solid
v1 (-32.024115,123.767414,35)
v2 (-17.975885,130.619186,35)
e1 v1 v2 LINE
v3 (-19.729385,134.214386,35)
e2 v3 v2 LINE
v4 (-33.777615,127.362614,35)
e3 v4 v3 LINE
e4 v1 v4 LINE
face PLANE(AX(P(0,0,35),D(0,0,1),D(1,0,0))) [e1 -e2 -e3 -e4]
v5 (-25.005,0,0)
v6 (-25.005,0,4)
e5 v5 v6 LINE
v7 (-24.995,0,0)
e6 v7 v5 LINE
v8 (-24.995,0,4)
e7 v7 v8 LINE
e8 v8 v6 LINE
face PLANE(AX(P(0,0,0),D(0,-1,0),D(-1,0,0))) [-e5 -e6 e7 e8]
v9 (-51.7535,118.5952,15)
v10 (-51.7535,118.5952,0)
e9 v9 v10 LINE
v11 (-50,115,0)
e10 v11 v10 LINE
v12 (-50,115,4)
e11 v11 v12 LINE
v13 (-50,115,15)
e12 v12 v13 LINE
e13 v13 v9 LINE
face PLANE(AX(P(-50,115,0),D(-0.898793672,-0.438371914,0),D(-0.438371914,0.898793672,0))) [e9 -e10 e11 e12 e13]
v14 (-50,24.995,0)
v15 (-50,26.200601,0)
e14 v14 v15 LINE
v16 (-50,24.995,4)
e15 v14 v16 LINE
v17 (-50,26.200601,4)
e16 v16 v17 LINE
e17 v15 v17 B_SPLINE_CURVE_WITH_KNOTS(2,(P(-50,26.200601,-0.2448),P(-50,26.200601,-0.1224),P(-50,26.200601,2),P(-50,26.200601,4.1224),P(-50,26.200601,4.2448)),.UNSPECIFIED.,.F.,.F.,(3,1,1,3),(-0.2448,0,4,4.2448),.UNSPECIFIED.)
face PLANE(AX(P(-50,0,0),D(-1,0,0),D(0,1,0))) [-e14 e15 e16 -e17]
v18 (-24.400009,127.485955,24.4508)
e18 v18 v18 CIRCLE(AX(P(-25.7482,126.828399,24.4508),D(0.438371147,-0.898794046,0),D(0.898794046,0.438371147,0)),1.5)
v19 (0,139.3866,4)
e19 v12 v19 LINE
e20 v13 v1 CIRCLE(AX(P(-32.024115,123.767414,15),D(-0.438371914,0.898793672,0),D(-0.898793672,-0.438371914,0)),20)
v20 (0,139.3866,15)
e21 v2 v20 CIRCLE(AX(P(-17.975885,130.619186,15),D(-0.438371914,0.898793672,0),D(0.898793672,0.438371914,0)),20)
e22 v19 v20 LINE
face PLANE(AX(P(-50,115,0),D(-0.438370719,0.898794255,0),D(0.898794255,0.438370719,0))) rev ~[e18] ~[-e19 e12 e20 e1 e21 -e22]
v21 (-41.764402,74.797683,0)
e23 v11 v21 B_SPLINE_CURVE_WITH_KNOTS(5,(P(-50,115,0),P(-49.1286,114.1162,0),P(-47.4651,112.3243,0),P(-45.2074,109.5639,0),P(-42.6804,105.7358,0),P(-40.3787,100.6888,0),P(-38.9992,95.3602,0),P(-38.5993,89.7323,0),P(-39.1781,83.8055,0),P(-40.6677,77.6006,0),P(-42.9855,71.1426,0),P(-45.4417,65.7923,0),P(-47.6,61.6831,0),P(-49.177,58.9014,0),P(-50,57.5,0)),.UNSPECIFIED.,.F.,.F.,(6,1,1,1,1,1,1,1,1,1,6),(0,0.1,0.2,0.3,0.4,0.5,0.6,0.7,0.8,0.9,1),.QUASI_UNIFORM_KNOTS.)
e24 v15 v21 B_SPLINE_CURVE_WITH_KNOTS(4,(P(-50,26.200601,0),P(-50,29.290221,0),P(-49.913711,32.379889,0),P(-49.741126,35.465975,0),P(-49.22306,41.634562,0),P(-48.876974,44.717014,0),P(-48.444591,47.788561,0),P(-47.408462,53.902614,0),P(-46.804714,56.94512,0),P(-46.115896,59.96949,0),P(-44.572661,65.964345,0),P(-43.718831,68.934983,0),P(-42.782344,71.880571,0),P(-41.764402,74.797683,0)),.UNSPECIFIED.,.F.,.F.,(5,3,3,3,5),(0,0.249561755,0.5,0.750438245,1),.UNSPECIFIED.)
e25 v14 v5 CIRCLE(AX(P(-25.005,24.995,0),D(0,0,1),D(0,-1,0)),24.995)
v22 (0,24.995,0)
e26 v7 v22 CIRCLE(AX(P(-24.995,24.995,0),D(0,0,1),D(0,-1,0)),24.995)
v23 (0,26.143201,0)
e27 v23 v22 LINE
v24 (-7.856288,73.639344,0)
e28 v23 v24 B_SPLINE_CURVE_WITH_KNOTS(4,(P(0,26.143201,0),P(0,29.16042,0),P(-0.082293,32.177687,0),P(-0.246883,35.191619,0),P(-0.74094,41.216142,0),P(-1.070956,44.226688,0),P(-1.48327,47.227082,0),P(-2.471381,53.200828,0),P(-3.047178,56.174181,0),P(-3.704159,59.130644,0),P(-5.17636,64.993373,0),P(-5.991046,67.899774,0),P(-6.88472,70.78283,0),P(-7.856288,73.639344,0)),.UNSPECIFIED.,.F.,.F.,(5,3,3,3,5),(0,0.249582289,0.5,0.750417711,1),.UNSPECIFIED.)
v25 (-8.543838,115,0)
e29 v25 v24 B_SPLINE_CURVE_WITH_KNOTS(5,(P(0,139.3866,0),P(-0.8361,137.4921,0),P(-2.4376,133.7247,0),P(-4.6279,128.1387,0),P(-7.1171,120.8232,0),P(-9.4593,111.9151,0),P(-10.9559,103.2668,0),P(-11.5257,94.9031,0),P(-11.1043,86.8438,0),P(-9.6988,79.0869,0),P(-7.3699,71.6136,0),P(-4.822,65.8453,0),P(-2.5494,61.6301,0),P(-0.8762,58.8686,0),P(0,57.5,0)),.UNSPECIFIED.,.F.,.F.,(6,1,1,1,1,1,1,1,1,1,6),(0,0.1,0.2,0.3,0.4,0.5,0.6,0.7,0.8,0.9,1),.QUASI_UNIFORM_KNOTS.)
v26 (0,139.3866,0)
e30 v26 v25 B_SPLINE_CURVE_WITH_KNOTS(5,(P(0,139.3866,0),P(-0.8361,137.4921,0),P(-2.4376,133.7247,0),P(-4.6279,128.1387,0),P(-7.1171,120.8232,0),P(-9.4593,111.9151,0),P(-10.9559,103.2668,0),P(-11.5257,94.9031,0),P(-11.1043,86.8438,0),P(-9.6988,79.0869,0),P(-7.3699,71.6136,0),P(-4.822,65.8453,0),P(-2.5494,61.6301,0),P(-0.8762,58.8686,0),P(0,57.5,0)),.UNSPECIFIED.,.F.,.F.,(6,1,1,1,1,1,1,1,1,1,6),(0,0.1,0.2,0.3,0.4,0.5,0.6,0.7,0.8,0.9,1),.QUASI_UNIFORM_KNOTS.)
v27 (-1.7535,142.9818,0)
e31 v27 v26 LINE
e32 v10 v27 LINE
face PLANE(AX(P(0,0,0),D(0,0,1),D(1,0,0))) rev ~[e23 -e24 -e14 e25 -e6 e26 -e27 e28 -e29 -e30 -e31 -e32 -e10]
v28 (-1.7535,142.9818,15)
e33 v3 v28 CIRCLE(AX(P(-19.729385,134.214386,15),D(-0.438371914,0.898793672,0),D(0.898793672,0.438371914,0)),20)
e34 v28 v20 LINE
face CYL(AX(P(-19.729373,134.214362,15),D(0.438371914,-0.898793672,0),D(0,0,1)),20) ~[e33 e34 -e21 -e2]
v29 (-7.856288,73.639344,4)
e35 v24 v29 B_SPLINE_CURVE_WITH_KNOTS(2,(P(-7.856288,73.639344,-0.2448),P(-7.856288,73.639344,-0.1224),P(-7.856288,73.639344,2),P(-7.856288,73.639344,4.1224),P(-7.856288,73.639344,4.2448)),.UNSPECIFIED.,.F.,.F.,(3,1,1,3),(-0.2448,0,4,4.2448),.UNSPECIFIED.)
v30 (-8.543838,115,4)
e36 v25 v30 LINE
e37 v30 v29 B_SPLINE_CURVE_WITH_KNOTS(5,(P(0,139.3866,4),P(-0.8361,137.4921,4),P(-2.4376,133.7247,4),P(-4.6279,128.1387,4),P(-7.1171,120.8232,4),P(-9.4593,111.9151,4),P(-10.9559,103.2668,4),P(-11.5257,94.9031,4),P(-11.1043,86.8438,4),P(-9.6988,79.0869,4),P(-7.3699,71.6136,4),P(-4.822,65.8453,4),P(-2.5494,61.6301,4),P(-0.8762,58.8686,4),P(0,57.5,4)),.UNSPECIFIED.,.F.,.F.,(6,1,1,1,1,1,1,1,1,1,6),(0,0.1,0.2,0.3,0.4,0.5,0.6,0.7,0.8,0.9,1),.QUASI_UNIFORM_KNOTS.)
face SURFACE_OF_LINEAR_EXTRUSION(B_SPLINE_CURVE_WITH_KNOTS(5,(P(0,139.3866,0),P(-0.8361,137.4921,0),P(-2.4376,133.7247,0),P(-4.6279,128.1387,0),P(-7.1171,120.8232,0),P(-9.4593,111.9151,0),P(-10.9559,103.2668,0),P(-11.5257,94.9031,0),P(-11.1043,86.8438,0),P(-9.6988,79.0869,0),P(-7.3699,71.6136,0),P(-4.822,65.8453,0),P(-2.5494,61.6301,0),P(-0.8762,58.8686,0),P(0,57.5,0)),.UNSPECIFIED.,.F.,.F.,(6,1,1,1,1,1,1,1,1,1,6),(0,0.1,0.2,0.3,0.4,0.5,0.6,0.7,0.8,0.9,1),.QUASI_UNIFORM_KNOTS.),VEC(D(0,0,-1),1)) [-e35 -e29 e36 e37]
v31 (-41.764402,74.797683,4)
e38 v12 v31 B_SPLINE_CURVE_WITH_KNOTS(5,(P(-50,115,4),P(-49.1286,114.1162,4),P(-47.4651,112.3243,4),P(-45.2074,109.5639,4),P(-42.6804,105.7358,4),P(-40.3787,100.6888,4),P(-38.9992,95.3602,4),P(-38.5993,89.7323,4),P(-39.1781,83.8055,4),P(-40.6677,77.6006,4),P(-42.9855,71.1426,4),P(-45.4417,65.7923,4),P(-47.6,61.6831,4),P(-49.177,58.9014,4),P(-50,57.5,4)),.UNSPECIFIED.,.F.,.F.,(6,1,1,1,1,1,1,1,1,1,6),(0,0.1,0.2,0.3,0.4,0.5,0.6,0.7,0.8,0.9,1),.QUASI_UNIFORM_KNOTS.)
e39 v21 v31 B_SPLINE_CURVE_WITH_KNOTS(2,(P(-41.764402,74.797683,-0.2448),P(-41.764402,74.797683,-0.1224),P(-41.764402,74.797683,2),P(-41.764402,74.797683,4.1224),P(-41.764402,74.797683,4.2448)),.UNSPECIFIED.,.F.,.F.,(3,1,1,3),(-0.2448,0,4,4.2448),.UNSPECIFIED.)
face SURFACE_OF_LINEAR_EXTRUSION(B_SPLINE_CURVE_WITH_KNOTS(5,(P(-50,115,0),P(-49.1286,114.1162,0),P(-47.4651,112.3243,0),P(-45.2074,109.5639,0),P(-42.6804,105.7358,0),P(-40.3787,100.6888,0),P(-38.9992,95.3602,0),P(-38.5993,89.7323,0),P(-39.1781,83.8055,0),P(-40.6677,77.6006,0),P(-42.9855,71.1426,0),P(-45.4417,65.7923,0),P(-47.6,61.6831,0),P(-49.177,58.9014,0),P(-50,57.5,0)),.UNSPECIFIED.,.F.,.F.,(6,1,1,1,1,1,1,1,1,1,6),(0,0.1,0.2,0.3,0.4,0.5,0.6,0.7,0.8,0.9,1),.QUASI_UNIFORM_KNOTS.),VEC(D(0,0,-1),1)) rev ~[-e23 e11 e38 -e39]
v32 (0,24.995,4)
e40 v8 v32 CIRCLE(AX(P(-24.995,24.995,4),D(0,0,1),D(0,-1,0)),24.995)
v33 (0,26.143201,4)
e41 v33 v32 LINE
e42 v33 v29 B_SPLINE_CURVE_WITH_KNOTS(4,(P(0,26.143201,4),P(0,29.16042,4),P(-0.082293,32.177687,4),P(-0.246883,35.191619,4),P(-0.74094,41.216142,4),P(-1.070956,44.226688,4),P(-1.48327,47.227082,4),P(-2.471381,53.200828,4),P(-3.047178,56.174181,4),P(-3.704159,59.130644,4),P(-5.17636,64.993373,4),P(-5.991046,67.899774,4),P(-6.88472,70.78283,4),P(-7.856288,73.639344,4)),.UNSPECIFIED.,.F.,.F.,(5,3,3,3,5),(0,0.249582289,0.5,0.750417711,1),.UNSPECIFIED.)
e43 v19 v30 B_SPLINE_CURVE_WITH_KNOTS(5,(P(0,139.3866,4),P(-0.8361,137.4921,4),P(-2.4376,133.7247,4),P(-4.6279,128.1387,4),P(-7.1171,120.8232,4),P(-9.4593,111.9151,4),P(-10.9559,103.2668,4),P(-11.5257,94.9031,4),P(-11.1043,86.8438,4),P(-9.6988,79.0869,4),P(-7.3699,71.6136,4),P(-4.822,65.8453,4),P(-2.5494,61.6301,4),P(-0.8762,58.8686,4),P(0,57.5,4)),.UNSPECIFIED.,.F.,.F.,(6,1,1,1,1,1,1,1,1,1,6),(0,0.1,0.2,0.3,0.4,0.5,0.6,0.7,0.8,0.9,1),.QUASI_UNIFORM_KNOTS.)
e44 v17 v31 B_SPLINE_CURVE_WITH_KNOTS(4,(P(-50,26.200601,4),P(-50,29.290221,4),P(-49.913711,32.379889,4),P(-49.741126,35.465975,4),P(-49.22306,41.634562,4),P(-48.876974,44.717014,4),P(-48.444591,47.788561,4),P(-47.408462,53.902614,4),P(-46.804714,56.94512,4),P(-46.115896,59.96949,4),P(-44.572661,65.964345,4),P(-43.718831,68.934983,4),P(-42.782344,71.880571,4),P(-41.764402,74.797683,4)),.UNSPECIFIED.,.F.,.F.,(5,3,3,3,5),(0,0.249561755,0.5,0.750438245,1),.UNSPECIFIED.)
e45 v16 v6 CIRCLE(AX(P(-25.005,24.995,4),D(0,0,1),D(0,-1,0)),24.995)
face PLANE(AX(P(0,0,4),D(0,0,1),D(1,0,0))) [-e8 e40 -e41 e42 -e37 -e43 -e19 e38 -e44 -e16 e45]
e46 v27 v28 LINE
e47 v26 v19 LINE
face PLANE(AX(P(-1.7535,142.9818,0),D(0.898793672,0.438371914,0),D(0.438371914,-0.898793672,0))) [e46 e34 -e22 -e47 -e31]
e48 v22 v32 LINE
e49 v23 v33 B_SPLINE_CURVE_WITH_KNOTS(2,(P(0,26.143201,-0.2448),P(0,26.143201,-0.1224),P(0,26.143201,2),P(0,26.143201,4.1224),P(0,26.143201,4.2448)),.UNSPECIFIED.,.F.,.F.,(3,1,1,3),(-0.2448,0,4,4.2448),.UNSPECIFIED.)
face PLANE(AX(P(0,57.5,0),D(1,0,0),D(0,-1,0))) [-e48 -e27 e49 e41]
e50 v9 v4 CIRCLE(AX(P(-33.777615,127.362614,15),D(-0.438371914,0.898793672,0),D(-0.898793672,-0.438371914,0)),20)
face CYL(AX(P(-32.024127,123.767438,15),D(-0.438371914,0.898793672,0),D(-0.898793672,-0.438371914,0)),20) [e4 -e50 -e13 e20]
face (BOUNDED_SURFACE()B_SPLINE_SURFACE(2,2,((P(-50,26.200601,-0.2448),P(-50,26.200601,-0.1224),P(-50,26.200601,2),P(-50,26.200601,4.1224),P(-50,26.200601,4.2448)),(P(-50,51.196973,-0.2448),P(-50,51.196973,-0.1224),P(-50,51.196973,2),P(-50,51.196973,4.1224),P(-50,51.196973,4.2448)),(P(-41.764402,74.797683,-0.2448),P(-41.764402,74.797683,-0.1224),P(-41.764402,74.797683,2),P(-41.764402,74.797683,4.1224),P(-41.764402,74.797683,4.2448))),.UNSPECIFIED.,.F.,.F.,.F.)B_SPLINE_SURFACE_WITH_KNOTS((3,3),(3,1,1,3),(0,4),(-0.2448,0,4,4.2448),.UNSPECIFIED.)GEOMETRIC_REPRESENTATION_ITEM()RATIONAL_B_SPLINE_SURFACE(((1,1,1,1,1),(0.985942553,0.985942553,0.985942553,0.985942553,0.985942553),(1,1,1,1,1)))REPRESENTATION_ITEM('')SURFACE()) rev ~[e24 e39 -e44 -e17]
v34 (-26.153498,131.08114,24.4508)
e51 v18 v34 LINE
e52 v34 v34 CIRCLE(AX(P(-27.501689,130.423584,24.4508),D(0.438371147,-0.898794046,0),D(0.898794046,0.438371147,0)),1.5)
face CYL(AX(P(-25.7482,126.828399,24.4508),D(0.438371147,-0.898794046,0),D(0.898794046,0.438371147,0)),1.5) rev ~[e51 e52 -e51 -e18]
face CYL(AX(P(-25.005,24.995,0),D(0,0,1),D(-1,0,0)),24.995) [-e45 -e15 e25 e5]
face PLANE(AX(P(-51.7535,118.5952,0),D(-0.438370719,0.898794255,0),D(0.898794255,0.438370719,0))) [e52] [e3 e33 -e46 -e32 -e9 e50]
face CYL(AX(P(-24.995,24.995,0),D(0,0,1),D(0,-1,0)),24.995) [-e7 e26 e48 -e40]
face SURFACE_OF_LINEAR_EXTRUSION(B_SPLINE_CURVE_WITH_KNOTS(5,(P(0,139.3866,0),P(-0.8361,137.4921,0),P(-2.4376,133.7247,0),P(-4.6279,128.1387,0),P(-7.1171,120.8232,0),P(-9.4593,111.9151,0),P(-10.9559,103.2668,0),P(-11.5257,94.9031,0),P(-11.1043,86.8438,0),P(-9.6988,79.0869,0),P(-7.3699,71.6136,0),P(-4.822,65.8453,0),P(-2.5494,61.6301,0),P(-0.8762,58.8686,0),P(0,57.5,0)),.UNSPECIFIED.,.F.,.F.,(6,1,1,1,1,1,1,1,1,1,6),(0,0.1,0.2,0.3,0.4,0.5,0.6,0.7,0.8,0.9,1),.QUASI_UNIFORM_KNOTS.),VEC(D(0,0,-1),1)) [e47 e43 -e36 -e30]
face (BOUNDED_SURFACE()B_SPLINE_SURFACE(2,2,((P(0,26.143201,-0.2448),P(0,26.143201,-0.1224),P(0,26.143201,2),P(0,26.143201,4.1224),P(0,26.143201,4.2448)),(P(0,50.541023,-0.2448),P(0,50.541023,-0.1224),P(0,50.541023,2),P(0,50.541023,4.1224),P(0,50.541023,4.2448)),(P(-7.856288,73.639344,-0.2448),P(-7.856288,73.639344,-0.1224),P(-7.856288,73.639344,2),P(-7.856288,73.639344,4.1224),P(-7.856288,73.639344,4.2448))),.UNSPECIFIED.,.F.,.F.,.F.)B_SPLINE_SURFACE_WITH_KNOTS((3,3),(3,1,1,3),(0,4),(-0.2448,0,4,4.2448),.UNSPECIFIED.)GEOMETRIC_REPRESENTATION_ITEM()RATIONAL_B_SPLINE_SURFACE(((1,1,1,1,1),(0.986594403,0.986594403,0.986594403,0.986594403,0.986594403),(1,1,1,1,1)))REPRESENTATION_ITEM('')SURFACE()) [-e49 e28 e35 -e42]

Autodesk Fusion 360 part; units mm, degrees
sketch "Sketch1" plane through (0, 0, 0) normal (0, 0, 1) x (1, 0, 0)
  line L0 (0, 0) -> (-50, 0)
  line L1 (-50, 0) -> (-50, 115)
  line L2 (-50, 115) -> (0, 115)
  line L3 (0, 115) -> (0, 0)
  line L4 (-50, 115) -> (0, 139.3866)
  line L5 (0, 139.3866) -> (0, 115)
  line L6 (-50, 115) -> (-51.7535, 118.5952)
  line L7 (-51.7535, 118.5952) -> (-1.7535, 142.9818)
  line L8 (-1.7535, 142.9818) -> (0, 139.3866)
  spline S0 degree 5 poles (-50, 115) (-49.1286, 114.1162) (-47.4651, 112.3243) (-45.2074, 109.5639) (-42.6804, 105.7358) (-40.3787, 100.6888) (-38.9992, 95.3602) (-38.5993, 89.7323) (-39.1781, 83.8055) (-40.6677, 77.6006) (-42.9855, 71.1426) (-45.4417, 65.7923) (-47.6, 61.6831) (-49.177, 58.9014) (-50, 57.5) knots 0 0 0 0 0 0 0.1 0.2 0.3 0.4 0.5 0.6 0.7 0.8 0.9 1 1 1 1 1 1
  spline S1 degree 5 poles (0, 139.3866) (-0.8361, 137.4921) (-2.4376, 133.7247) (-4.6279, 128.1387) (-7.1171, 120.8232) (-9.4593, 111.9151) (-10.9559, 103.2668) (-11.5257, 94.9031) (-11.1043, 86.8438) (-9.6988, 79.0869) (-7.3699, 71.6136) (-4.822, 65.8453) (-2.5494, 61.6301) (-0.8762, 58.8686) (0, 57.5) knots 0 0 0 0 0 0 0.1 0.2 0.3 0.4 0.5 0.6 0.7 0.8 0.9 1 1 1 1 1 1
  point P0 (-38.8957, 92.1099)
  point P1 (-11.243, 92.1099)
  dimension "d1" = 50
  dimension "d2" = 115
  dimension "d3" = 26
  dimension "d4" = 4
extrude "Extrude1" add sketch "Sketch1" along normal blind 4 contours L0 L1 L2 L3 S0 S1 | L2 L4 S1 | L4 L6 L7 L8
extrude "Extrude2" add sketch "Sketch1" along normal blind 35 contours L4 L6 L7 L8
fillet "Fillet1" radius 20 2 edges at (-50.8767, 116.7976, 35) (-0.8767, 141.1842, 35)
fillet "Fillet2" radius 25 2 edges at (-50, 0, 2) (0, 0, 2)
fillet "Fillet3" radius 147.5 2 edges at (0, 57.5, 2) (-50, 57.5, 2)
sketch "Sketch2" plane through (-54.9191, 112.6008, 0) normal (0.4384, -0.8988, 0) x (0.8988, 0.4384, 0)
  arc A0 (61.1031, 15) -> (41.1031, 35) centre (41.1031, 15) ccw
  line L0 (41.1031, 35) -> (25.473, 35)
  arc A1 (25.473, 35) -> (5.473, 15) centre (25.473, 15) ccw
  line L1 (5.473, 15) -> (5.473, 4)
  line L2 (5.473, 4) -> (61.1031, 4)
  line L3 (61.1031, 4) -> (61.1031, 15)
  circle A2 centre (32.4556, 24.4508) radius 1.5
  dimension "d15" = 3
extrude "Extrude3" cut sketch "Sketch2" against normal blind 20 contours A2
